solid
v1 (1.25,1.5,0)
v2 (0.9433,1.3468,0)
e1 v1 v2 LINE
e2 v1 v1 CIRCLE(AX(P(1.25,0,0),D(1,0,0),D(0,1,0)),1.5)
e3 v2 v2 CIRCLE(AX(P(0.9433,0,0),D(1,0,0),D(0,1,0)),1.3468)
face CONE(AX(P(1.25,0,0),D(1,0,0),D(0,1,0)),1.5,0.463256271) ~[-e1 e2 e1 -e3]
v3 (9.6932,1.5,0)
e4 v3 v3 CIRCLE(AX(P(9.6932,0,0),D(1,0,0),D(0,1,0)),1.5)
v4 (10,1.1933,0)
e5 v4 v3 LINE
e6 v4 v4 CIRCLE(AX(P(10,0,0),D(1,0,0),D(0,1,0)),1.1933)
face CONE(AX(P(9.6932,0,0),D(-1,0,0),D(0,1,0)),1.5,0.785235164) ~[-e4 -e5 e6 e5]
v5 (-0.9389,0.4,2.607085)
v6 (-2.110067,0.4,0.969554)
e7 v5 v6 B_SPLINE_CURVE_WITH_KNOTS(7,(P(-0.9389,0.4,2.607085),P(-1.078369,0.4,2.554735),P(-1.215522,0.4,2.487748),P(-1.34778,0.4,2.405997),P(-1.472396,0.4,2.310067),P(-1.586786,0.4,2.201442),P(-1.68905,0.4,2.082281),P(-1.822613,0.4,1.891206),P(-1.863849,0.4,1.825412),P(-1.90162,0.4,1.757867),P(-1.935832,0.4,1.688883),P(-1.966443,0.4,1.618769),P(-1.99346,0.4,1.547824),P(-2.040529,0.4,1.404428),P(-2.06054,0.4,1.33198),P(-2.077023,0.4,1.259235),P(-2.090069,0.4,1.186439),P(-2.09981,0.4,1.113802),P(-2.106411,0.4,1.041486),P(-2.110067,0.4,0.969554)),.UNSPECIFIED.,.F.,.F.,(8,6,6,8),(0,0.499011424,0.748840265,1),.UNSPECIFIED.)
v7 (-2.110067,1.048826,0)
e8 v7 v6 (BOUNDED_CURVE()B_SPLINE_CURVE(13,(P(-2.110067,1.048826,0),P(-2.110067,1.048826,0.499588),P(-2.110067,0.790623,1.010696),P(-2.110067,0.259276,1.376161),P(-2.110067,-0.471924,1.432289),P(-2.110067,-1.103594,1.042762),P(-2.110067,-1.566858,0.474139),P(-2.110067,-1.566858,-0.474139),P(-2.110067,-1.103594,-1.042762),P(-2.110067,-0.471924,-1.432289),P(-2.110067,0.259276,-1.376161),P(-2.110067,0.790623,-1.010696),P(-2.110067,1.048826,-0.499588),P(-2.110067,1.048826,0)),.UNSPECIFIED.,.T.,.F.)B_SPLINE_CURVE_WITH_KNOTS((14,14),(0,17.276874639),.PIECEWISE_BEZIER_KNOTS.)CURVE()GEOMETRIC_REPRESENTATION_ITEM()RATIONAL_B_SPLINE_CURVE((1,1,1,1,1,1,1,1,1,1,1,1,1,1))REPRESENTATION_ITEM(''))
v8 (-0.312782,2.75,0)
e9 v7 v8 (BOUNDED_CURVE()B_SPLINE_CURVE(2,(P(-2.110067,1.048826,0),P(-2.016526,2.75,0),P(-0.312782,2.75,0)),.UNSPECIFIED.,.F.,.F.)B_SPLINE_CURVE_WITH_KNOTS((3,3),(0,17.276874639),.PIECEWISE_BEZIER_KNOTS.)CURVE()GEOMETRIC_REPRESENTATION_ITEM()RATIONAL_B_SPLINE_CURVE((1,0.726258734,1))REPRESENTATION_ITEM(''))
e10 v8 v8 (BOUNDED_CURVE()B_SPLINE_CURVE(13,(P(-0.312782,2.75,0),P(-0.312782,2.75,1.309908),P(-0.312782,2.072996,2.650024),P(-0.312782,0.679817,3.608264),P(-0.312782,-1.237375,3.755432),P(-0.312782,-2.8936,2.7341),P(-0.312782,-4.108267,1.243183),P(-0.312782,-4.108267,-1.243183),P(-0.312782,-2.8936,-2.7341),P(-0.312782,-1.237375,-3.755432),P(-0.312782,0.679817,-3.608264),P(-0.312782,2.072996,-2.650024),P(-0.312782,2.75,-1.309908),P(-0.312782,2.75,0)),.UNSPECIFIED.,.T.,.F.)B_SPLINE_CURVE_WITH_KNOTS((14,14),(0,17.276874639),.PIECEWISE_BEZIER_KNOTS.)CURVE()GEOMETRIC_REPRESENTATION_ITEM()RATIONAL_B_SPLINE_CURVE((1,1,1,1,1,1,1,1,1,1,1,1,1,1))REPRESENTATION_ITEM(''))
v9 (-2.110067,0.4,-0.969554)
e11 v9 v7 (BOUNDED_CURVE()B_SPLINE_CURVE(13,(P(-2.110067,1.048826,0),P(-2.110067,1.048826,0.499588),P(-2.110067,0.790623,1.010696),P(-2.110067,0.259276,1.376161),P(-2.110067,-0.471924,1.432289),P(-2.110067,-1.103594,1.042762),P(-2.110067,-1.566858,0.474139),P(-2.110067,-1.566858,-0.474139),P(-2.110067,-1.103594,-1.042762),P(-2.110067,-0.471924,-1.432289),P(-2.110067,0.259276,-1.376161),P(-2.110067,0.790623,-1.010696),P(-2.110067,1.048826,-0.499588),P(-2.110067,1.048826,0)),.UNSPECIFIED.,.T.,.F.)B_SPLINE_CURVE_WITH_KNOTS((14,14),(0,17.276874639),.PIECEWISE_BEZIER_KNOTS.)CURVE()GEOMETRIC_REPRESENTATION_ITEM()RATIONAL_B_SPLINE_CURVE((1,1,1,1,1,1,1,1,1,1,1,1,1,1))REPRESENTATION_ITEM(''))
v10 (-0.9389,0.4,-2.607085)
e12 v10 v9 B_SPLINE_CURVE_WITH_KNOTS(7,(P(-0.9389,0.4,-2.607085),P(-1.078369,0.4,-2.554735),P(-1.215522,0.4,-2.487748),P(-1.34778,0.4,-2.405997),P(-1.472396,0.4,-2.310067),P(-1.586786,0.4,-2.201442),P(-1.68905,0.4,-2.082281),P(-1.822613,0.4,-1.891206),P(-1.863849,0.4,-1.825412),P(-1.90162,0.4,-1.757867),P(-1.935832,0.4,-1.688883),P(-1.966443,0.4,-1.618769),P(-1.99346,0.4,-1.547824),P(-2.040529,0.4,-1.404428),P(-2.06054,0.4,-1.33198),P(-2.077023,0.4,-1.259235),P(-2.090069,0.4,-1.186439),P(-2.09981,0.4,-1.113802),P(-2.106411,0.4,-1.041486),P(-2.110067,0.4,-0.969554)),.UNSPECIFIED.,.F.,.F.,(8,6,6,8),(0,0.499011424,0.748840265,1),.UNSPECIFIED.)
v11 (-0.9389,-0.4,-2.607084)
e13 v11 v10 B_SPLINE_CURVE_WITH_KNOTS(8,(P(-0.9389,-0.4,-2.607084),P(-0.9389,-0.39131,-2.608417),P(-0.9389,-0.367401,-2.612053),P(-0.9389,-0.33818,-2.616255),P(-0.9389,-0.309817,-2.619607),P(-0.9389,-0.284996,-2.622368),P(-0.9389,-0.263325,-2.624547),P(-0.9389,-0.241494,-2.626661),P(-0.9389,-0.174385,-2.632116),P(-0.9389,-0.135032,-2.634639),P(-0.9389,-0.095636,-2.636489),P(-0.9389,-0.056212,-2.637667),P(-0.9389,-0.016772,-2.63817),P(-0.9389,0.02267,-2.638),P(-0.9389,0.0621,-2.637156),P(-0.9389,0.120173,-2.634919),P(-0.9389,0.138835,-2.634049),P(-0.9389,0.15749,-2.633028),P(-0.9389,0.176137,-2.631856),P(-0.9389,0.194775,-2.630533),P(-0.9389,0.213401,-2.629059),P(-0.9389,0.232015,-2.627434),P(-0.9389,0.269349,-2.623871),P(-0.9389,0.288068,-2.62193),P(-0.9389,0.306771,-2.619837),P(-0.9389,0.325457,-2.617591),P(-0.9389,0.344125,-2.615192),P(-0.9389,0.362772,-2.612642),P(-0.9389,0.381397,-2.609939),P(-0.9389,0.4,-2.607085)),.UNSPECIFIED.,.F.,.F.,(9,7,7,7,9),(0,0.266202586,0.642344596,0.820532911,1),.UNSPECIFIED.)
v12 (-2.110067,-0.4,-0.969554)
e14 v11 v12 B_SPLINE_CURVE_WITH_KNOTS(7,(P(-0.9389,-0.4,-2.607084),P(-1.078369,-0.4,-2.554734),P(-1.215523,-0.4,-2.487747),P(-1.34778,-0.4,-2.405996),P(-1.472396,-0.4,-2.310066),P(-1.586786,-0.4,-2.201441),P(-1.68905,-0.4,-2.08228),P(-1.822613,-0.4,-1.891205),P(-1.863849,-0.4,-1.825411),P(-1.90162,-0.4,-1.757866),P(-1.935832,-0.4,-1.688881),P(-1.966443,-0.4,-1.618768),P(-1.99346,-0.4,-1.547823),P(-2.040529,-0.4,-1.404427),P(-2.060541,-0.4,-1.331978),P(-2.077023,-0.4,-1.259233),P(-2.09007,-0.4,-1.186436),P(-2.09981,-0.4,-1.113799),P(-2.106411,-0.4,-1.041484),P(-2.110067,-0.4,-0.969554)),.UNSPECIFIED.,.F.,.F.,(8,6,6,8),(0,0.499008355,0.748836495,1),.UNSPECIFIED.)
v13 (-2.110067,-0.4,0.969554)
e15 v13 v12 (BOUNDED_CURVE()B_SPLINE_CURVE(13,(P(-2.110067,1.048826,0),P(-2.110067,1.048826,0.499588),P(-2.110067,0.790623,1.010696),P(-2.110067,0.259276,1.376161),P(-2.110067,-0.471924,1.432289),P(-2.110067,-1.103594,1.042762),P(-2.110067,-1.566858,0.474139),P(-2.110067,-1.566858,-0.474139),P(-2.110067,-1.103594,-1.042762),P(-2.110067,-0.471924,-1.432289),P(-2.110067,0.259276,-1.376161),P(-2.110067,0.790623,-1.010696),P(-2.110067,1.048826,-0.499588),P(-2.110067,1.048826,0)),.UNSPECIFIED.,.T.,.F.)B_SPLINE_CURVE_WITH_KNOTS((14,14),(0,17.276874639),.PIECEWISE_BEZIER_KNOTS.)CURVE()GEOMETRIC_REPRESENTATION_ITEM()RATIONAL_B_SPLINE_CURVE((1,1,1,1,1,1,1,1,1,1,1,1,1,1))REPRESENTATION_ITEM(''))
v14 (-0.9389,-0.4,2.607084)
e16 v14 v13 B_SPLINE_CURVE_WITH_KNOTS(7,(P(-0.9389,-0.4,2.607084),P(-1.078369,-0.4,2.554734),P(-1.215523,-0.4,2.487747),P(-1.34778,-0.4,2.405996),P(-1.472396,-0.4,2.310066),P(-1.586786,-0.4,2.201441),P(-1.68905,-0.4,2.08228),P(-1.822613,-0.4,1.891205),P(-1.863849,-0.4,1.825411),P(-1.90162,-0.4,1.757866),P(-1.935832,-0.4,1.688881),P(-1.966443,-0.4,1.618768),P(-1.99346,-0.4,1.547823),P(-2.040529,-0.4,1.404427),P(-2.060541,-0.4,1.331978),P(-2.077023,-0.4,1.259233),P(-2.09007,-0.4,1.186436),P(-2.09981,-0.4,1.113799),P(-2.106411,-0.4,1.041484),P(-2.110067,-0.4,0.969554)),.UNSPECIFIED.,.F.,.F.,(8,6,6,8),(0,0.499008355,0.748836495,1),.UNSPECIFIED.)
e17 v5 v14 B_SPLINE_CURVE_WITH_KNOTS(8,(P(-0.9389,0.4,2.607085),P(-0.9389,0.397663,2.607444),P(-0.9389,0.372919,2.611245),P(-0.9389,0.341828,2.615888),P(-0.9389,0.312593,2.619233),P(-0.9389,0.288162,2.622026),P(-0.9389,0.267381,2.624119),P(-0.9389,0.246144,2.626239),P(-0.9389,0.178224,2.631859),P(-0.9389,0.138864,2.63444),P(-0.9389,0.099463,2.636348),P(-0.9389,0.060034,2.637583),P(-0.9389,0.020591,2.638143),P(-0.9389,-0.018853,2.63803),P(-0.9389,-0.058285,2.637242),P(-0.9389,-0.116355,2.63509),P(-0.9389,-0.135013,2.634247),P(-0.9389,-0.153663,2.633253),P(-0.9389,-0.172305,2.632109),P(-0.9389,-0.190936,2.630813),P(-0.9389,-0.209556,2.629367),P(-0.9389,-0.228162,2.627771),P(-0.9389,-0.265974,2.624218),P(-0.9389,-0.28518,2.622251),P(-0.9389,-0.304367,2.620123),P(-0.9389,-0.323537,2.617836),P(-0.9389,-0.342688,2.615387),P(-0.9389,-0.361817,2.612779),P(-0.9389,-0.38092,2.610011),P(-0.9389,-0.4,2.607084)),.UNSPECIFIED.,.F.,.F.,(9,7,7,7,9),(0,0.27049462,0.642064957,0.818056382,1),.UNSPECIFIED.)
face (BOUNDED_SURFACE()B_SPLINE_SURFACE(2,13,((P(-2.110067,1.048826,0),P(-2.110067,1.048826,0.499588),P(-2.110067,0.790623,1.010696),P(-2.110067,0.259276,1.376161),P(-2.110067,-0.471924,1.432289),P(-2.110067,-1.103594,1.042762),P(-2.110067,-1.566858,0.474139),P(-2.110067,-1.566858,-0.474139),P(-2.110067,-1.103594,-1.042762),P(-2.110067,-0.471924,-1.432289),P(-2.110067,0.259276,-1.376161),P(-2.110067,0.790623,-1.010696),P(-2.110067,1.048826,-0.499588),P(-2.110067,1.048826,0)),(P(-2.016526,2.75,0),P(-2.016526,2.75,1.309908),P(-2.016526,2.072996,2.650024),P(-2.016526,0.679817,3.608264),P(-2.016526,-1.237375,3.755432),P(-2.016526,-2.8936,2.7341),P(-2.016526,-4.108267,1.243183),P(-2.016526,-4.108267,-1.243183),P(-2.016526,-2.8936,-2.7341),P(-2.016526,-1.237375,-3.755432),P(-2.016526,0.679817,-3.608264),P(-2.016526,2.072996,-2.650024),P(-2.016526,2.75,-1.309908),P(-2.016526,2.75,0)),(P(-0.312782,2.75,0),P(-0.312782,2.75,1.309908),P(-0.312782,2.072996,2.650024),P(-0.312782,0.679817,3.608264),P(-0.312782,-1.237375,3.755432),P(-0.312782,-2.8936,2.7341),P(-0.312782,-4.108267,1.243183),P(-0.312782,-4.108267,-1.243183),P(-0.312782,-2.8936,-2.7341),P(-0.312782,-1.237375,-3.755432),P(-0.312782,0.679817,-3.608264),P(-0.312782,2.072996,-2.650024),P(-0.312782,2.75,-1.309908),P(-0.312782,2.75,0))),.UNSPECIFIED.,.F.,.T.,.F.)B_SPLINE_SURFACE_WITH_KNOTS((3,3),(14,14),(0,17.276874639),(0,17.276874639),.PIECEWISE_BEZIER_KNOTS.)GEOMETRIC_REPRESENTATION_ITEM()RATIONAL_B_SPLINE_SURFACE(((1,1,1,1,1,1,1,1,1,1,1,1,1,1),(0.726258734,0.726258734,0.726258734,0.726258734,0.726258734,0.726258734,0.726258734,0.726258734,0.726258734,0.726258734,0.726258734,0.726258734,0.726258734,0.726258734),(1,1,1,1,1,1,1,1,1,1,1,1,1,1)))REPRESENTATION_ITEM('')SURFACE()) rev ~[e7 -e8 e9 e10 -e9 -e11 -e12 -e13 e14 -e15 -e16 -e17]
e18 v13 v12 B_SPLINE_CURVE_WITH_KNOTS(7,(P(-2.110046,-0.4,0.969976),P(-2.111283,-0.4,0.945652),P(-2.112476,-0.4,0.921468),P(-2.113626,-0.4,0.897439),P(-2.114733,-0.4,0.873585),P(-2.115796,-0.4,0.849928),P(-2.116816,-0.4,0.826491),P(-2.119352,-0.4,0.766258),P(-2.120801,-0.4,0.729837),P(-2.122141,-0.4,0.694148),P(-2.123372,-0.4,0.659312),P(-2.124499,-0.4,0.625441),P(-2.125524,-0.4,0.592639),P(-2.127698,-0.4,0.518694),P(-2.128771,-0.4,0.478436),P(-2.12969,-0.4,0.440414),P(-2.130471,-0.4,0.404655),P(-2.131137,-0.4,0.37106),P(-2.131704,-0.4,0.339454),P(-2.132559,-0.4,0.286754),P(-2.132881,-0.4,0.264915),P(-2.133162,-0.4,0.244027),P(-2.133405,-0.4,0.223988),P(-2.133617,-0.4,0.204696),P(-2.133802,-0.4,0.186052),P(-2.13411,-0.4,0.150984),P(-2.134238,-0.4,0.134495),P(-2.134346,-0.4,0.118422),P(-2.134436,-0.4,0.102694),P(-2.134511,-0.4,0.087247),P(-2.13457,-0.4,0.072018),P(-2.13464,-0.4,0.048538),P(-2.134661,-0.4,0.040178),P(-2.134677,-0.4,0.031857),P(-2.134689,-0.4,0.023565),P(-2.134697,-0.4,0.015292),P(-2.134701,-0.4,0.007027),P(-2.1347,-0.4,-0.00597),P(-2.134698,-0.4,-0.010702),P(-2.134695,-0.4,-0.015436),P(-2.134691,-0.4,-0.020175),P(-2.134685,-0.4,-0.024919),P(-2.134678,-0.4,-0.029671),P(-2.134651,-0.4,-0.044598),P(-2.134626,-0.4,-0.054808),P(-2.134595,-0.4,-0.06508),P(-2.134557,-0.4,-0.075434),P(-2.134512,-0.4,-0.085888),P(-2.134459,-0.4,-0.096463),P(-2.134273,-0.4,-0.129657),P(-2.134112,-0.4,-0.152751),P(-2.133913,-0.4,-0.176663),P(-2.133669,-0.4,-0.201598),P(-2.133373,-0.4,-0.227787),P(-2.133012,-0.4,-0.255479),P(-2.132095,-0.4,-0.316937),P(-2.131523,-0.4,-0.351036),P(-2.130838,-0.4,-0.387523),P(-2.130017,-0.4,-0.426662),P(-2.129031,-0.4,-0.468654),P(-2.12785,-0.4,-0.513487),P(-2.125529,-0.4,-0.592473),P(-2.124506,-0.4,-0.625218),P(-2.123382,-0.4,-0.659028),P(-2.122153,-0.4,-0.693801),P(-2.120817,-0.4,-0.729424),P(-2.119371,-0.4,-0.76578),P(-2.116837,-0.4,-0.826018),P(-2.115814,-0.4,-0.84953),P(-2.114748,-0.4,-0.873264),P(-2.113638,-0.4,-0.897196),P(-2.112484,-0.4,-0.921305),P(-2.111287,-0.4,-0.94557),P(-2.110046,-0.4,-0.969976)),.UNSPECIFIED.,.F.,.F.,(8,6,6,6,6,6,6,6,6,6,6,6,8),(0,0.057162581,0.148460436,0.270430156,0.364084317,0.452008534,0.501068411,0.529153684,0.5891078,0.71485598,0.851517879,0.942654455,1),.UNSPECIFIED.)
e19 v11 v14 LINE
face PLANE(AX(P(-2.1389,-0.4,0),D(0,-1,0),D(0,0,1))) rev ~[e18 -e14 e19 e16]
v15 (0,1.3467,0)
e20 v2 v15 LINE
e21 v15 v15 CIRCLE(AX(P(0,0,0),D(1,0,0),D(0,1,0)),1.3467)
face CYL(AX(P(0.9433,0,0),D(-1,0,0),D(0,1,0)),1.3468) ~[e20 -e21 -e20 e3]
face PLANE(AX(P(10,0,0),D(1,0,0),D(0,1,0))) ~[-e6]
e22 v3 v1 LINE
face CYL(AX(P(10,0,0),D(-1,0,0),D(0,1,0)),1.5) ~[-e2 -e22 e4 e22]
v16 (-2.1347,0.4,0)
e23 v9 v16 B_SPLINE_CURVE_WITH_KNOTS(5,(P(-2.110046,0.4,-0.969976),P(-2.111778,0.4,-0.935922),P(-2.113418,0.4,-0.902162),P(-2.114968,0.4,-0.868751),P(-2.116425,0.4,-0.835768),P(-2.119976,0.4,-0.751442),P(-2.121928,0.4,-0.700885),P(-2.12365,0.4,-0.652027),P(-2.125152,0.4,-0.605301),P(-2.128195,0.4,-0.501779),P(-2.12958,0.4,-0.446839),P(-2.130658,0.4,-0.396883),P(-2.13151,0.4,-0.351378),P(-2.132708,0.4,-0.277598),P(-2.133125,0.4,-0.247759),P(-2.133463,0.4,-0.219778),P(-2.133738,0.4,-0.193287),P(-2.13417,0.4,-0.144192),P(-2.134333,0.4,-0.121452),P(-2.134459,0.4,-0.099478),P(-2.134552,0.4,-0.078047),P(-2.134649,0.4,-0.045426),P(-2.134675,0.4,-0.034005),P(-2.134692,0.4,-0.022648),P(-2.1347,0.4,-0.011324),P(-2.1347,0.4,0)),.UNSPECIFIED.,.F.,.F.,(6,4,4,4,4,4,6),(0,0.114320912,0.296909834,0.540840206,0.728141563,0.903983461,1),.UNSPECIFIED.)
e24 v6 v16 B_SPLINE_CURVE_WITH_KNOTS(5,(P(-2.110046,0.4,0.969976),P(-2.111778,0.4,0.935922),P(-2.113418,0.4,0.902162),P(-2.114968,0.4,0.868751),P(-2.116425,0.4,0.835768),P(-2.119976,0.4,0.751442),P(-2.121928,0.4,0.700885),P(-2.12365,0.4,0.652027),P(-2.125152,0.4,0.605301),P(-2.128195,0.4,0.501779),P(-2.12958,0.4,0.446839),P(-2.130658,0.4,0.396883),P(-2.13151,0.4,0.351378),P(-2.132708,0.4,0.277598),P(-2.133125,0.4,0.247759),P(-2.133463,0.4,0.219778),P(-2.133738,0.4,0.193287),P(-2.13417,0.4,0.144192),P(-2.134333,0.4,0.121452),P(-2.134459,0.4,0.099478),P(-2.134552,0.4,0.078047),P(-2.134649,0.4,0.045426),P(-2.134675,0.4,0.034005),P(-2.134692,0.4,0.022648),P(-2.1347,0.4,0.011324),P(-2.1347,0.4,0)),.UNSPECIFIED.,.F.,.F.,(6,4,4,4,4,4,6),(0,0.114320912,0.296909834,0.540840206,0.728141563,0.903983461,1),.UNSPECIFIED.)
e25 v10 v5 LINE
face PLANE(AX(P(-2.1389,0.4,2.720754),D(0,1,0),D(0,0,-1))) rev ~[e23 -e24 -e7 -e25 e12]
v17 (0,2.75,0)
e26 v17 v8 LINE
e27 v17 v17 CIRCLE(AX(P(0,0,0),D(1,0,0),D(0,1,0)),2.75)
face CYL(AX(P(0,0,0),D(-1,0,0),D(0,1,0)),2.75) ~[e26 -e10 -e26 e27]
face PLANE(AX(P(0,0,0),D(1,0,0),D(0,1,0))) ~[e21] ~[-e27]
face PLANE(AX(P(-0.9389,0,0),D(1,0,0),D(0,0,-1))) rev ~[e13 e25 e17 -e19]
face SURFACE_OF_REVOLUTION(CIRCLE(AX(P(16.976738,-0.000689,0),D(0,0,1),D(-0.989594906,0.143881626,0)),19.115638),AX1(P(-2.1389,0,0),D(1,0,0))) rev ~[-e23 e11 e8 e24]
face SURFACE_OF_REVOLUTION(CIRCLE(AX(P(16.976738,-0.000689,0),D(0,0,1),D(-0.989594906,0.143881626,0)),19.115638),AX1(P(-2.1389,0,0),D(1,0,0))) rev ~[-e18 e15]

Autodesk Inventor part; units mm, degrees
ref_plane "YZ Plane" through (0, 0, 0) normal (1, 0, 0) x (0, 1, 0)
sketch "Skizze1" plane through (0, 0, 0) normal (0, 0, 1) x (1, 0, 0)
  line L0 (-2.1389, 0) -> (10, 0)
  line L1 (10, 0) -> (10, 1.5)
  line L2 (10, 1.5) -> (1.25, 1.5)
  line L3 (1.25, 1.5) -> (0.9433, 1.3468)
  line L4 (0.9433, 1.3468) -> (0, 1.3467)
  line L5 (0, 1.3467) -> (0, 2.75)
  line L6 (-6.0203, 0) -> (20.8022, 0) projected
  line L7 (0, -0.5507) -> (0, 3.3039) projected
  line L8 (0, 2.75) -> (-1.94, 2.7497)
  arc A0 (-1.94, 2.7497) -> (-2.1389, 0) centre (16.9704, 0) ccw
  dimension "d0" = 10
  dimension "d1" = 8.75
  dimension "d2" = 0.3067
  dimension "d3" = 2.1389
  dimension "d4" = 3
  dimension "d5" = 2.6935
  dimension "d9" = 5.5
  dimension "d10" = 0.01
  dimension "d15" = 19.1093
revolve "Körper" add sketch "Skizze1" angle 360 about axis through (-2.1389, 0, 0) along (1, 0, 0)
fillet "Rundung1" radius 1.8 1 edges at (-1.94, -2.7497, 0)
ref_plane "IDS_WORKPLANE{1}" through (-2.1389, 0, 0) normal (1, 0, 0) x (0, 0, -1)
sketch "Skizze2" plane through (-2.1389, 0, 0) normal (1, 0, 0) x (0, 0, -1)
  line L0 (0, -3.85) -> (0, 3.85) projected
  line L1 (3.85, 0) -> (-3.85, 0) projected
  line L2 (-2.75, 0.4) -> (2.75, 0.4)
  line L3 (2.75, 0.4) -> (2.75, -0.4)
  line L4 (2.75, -0.4) -> (-2.75, -0.4)
  line L5 (-2.75, -0.4) -> (-2.75, 0.4)
  line L6 (0, 0.4) -> (0, -0.4) construction
  line L7 (-2.75, 0) -> (2.75, 0) construction
  circle A0 centre (0, 0) radius 2.75 projected
  dimension "d17" = 0.8
extrude "Loch" cut sketch "Skizze2" along normal blind 1.2 contours L4 A0 L1 L0 | L0 L1 A0 L4 | L4 L5 A0 | A0 L3 L4 | L1 A0 L2 L0 | L0 L2 A0 L1 | L5 L2 A0 | A0 L2 L3
thread "Gewinde" size "M3x0.5" class "6g" standard "ISO Metric profile" length 8.75
chamfer "Fase1" distance 0.3067 distance2 0.3068 1 edges at (10, -1.5, 0) measured on face at (10, 0.417, 0.2189)
ref_plane "Work Plane2" through (8.25, 0, 0) normal (0, 0, -1) x (1, 0, 0)
equation "\"d0\" = NLG"
equation "\"d1\" = GEL"
equation "\"d2\" = GAL"
equation "\"d3\" = KOH"
equation "\"d4\" = GD"
equation "\"d5\" = BDM"
equation "\"d9\" = KOD"
equation "\"d10\" = KEWI"
equation "\"d17\" = SBR"
equation "\"d18\" = STI"
equation "\"d20\" = RR"
equation "\"d11\" = GEL"
equation "\"d13\" = -0.5 * SPD + 0.5 * GD"
equation "\"GD\" = NND"
equation "\"NLG\" = 10"
equation "\"GEL\" = 8.75"
equation "\"KOD\" = 5.5"
equation "\"KOH\" = 2.13889"
equation "\"GAL\" = 0.61345 * PTC"
equation "\"SPD\" = NND - 1.2269 * PTC"
equation "\"BDM\" = 2.6935"
equation "\"GUL\" = 0.61345 * PTC"
equation "\"RR\" = 1.8"
equation "\"SBR\" = 0.8"
equation "\"STI\" = 1.2"
equation "\"KEWI\" = 0.01deg"
equation "\"KR\" = 3.3"
equation "\"d16\" = -KOH"
equation "\"PTC\" = 0.5"
equation "\"THREADDIA\" = 3"
equation "\"TOA\" = 30deg"
equation "\"NND\" = 3"
equation "\"ORI\" = 1.8"
equation "\"GD1\" = THREADDIA - 1.2269 * PTC"
properties part number "CNS 9671 - M3 x 10" material "Steel, Mild"
